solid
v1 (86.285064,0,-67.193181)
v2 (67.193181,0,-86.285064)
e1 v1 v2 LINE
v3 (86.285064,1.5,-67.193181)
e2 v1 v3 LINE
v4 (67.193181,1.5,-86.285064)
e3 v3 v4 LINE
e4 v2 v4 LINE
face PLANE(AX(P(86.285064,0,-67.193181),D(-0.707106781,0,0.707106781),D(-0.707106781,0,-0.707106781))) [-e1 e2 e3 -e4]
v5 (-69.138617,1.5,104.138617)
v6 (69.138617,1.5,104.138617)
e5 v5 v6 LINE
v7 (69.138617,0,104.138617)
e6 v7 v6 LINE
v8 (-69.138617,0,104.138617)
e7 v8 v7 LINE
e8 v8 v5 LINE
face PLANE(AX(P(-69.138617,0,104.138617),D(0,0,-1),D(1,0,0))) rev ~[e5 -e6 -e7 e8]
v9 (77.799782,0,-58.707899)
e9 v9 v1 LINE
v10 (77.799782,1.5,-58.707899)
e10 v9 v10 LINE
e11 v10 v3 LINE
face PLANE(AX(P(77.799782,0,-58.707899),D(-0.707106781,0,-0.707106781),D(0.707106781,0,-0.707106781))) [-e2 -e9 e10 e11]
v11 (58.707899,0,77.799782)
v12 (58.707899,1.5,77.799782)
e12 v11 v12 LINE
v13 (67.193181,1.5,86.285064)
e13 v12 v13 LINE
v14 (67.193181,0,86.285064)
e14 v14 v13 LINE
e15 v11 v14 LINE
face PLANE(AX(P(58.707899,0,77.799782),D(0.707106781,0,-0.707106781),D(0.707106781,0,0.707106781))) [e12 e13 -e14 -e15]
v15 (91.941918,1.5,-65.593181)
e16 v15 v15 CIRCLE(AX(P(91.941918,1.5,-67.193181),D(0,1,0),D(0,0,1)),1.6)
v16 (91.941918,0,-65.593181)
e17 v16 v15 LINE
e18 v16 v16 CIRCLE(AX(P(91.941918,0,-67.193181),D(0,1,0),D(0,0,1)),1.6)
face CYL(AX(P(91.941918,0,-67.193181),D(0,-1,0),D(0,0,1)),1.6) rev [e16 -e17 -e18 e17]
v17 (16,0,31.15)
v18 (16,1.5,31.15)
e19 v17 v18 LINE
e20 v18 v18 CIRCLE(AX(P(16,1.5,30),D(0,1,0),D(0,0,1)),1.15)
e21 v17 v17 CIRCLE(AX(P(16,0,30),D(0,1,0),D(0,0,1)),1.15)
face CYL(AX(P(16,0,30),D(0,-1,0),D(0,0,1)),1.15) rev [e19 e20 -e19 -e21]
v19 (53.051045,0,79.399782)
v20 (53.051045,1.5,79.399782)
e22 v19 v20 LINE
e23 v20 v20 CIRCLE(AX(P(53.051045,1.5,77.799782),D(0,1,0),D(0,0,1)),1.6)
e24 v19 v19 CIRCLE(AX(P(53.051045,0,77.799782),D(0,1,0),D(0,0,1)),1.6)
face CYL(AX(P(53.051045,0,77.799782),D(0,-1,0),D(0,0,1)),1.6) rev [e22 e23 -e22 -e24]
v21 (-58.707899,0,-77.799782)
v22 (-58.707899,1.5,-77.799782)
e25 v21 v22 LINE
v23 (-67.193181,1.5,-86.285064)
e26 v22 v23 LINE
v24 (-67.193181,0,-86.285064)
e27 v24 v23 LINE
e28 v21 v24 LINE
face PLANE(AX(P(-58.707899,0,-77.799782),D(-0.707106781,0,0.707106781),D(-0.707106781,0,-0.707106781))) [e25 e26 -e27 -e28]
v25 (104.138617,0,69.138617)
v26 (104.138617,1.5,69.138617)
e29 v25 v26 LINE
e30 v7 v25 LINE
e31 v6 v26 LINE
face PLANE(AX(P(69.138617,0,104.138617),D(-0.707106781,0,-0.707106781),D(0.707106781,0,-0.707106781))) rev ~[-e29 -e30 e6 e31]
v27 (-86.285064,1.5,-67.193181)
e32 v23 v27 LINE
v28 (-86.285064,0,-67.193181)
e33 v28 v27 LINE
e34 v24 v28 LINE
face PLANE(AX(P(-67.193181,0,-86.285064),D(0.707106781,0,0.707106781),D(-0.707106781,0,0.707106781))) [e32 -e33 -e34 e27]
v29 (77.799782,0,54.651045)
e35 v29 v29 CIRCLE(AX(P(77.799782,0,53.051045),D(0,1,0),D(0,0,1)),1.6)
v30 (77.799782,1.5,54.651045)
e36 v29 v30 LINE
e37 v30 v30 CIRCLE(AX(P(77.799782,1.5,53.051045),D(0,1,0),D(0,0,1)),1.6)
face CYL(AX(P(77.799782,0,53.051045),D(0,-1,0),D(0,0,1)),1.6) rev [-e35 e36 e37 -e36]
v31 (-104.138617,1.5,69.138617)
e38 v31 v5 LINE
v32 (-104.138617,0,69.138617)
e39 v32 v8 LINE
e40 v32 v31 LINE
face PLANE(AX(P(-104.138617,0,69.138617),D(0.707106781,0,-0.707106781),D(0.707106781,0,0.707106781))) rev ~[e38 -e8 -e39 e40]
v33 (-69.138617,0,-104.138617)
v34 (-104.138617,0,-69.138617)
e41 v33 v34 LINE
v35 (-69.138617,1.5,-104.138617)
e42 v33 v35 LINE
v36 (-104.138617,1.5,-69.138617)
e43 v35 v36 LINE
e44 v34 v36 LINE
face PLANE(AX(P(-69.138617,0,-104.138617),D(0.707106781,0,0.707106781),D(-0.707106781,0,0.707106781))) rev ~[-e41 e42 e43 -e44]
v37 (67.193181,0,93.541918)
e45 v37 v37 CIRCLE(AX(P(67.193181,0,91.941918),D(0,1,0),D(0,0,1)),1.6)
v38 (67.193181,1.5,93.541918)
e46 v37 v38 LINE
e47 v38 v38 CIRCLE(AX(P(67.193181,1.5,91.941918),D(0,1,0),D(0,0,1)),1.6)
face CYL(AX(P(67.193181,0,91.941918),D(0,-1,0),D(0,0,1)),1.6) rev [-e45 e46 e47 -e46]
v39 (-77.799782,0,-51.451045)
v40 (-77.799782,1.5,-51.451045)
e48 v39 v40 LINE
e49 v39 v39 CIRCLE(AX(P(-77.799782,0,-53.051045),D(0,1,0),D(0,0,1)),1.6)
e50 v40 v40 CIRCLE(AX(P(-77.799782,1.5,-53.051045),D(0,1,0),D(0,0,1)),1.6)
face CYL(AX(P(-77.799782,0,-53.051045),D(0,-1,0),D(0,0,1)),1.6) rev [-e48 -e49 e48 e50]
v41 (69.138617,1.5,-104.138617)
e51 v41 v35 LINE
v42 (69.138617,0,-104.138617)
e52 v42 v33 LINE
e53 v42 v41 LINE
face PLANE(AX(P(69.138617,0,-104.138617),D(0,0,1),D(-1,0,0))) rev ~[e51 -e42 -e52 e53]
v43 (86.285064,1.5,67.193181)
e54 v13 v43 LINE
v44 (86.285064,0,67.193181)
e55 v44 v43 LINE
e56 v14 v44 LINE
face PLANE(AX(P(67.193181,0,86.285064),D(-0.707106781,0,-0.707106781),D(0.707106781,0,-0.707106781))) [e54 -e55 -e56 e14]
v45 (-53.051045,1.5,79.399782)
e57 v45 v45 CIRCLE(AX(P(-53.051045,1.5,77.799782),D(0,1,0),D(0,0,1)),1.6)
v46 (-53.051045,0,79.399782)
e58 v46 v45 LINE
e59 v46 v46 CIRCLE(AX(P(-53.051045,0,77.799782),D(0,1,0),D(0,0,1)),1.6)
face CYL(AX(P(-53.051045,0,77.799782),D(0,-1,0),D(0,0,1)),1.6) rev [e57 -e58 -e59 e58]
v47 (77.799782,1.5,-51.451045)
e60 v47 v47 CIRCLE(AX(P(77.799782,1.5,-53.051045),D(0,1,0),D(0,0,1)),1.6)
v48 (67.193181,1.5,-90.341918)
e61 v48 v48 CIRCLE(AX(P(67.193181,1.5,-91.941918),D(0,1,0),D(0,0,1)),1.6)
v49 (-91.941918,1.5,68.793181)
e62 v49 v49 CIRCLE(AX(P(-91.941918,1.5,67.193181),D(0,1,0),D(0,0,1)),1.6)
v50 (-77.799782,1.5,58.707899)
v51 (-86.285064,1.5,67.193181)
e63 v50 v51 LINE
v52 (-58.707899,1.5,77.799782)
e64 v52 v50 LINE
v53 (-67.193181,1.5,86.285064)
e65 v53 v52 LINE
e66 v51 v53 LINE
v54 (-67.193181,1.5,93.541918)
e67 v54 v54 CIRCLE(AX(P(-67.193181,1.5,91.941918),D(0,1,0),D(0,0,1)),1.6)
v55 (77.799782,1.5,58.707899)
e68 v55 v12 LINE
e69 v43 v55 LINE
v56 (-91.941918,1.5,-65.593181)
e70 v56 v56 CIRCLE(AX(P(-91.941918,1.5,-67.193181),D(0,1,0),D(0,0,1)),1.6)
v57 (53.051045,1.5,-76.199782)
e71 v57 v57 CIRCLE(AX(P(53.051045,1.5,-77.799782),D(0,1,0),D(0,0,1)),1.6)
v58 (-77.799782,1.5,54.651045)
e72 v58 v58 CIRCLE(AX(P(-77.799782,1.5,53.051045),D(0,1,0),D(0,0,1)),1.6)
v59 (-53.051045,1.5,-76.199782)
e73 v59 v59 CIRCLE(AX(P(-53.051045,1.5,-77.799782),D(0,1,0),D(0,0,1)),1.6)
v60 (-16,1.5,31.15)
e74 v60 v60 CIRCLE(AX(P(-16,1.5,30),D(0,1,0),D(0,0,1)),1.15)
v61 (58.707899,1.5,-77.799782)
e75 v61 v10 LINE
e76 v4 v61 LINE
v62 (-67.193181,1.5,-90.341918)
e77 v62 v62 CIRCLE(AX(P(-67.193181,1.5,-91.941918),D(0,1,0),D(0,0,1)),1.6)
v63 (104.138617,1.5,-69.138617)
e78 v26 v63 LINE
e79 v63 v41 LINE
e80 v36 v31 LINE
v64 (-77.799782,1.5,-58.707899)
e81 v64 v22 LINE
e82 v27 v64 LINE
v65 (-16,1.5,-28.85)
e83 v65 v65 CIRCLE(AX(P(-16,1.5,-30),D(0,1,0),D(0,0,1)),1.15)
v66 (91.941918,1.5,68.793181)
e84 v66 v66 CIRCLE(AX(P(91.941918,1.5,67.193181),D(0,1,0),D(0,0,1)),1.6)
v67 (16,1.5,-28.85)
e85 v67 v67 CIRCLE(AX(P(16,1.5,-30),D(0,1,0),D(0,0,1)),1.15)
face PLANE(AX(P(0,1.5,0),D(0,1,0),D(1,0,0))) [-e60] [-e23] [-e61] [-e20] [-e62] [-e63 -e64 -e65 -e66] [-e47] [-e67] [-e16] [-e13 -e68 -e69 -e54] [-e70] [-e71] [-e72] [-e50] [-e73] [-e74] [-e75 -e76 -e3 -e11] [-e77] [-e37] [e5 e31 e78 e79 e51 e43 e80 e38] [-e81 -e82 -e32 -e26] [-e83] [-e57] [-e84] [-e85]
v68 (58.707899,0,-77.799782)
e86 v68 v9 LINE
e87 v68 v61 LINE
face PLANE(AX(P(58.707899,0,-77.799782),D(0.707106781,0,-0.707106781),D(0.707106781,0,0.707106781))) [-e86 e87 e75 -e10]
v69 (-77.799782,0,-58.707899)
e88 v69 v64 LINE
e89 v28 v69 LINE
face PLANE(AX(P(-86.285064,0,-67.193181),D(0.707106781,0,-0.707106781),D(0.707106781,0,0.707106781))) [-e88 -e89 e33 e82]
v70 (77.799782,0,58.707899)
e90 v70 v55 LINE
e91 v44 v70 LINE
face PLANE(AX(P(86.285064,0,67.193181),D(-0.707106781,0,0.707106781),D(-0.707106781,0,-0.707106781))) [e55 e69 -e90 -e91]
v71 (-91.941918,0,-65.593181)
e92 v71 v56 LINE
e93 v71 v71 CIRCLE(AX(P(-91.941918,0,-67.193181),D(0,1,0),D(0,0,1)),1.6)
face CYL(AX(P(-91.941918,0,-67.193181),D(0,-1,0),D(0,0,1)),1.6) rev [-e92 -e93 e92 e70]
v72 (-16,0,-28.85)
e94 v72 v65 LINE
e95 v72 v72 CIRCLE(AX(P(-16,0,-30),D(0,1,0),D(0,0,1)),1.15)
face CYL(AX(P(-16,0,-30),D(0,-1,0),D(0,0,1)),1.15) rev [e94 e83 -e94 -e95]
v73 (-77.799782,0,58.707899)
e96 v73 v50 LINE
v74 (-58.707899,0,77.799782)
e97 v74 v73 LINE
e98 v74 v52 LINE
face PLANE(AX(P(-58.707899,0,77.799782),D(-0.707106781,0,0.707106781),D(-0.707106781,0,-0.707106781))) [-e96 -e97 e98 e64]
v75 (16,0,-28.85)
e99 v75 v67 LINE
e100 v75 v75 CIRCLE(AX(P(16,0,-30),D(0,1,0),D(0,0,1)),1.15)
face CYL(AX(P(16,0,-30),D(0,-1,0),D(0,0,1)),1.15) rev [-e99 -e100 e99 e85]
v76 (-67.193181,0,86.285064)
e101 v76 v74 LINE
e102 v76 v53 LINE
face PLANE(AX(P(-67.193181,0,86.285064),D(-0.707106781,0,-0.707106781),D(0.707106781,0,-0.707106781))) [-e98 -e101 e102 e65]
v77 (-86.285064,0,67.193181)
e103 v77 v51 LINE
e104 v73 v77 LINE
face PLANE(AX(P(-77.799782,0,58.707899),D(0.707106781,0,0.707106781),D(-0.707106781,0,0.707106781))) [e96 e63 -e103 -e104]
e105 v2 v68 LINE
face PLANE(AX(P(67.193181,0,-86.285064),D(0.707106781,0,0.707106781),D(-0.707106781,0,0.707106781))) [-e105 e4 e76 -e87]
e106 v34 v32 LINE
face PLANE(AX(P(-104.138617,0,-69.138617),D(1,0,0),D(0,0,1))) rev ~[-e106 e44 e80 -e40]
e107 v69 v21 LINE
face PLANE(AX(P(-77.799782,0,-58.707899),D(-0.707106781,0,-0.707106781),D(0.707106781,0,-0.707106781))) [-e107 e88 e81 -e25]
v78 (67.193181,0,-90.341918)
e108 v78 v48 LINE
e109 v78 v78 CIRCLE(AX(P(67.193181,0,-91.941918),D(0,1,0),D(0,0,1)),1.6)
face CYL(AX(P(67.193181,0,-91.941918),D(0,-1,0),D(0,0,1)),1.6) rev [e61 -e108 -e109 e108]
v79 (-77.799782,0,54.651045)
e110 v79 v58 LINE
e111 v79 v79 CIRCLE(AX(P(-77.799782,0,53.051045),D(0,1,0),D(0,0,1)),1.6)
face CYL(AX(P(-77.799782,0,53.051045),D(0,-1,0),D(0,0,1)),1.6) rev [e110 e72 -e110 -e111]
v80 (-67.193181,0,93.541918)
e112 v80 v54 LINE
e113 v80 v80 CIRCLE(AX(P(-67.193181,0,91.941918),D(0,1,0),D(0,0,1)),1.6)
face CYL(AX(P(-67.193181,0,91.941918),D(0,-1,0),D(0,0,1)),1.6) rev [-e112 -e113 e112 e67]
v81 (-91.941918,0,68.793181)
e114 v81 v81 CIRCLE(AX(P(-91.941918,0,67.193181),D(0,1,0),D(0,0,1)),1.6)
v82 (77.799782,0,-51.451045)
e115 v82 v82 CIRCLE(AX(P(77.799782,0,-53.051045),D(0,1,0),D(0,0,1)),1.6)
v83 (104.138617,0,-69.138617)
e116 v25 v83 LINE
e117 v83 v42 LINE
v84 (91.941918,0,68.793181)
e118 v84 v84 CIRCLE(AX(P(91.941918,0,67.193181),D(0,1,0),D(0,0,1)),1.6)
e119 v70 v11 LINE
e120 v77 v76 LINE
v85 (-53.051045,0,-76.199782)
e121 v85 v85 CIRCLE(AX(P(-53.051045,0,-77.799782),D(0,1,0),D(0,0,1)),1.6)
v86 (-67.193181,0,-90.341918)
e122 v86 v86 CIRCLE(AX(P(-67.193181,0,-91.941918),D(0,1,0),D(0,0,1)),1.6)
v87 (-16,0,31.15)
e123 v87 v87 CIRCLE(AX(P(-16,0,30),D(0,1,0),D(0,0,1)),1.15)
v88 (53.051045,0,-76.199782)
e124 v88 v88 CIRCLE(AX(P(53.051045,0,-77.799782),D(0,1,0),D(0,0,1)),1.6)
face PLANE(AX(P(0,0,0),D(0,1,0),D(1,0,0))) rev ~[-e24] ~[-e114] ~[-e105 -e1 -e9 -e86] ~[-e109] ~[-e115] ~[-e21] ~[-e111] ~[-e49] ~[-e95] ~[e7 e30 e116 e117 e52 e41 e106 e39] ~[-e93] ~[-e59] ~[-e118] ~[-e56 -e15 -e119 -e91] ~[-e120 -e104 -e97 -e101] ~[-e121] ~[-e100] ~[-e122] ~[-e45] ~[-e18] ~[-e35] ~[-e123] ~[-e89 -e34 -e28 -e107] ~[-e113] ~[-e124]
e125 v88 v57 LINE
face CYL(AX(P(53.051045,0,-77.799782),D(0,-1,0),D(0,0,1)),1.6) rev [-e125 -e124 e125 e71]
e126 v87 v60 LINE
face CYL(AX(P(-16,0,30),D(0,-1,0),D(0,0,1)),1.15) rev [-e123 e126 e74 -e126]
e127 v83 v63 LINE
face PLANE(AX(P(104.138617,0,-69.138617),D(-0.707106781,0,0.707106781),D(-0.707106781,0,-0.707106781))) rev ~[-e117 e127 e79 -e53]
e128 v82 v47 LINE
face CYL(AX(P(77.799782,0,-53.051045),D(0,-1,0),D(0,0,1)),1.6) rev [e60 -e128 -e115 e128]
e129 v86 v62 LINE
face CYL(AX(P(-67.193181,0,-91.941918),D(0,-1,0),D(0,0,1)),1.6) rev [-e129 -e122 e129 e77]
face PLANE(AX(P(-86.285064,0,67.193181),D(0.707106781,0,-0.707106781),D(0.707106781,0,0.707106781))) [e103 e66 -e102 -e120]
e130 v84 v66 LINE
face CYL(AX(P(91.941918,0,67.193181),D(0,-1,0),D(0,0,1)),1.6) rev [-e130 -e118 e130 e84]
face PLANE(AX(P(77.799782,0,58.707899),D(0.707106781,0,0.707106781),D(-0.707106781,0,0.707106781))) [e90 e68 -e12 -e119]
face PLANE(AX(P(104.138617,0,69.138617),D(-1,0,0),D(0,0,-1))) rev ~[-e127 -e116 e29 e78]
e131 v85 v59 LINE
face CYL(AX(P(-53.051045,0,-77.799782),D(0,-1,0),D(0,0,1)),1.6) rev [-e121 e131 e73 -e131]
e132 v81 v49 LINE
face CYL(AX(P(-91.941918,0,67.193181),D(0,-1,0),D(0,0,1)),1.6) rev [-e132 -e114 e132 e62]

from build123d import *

# Parameters (mm, degrees)
SKETCH2_R           = 1.6
SKETCH2_R_2         = 1.15
BOSS_EXTRUDE1_DEPTH = 1.5


with BuildPart() as part:
    # Sketch2 → Boss-Extrude1 (new body)
    with BuildSketch(Plane(origin=(0, 0, 0), x_dir=(1, 0, 0), z_dir=(0, 1, 0))):
        Polygon((104.138617256, -69.138617256), (104.138617256, 69.138617256), (69.138617256, 104.138617256), (-69.138617256, 104.138617256), (-104.138617256, 69.138617256), (-104.138617256, -69.138617256), (-69.138617256, -104.138617256), (69.138617256, -104.138617256), align=None)
        with Locations(Location((67.193180773, -91.941918115, 0), (0, 0, 270))):
            Circle(SKETCH2_R, mode=Mode.SUBTRACT)
        with Locations(Location((53.051045149, -77.799782491, 0), (0, 0, 270))):
            Circle(SKETCH2_R, mode=Mode.SUBTRACT)
        with Locations(Location((77.799782491, -53.051045149, 0), (0, 0, 270))):
            Circle(SKETCH2_R, mode=Mode.SUBTRACT)
        with Locations(Location((91.941918115, -67.193180773, 0), (0, 0, 270))):
            Circle(SKETCH2_R, mode=Mode.SUBTRACT)
        with Locations(Location((-67.193180773, -91.941918115, 0), (0, 0, 270))):
            Circle(SKETCH2_R, mode=Mode.SUBTRACT)
        with Locations(Location((-91.941918115, -67.193180773, 0), (0, 0, 270))):
            Circle(SKETCH2_R, mode=Mode.SUBTRACT)
        with Locations(Location((-77.799782491, -53.051045149, 0), (0, 0, 270))):
            Circle(SKETCH2_R, mode=Mode.SUBTRACT)
        with Locations(Location((-53.051045149, -77.799782491, 0), (0, 0, 270))):
            Circle(SKETCH2_R, mode=Mode.SUBTRACT)
        with Locations(Location((-77.799782491, 53.051045149, 0), (0, 0, 270))):
            Circle(SKETCH2_R, mode=Mode.SUBTRACT)
        with Locations(Location((-53.051045149, 77.799782491, 0), (0, 0, 270))):
            Circle(SKETCH2_R, mode=Mode.SUBTRACT)
        with Locations(Location((-67.193180773, 91.941918115, 0), (0, 0, 270))):
            Circle(SKETCH2_R, mode=Mode.SUBTRACT)
        with Locations(Location((-91.941918115, 67.193180773, 0), (0, 0, 270))):
            Circle(SKETCH2_R, mode=Mode.SUBTRACT)
        with Locations(Location((77.799782491, 53.051045149, 0), (0, 0, 270))):
            Circle(SKETCH2_R, mode=Mode.SUBTRACT)
        with Locations(Location((53.051045149, 77.799782491, 0), (0, 0, 270))):
            Circle(SKETCH2_R, mode=Mode.SUBTRACT)
        with Locations(Location((67.193180773, 91.941918115, 0), (0, 0, 270))):
            Circle(SKETCH2_R, mode=Mode.SUBTRACT)
        with Locations(Location((91.941918115, 67.193180773, 0), (0, 0, 270))):
            Circle(SKETCH2_R, mode=Mode.SUBTRACT)
        with Locations(Location((16, 30, 0), (0, 0, 270))):
            Circle(SKETCH2_R_2, mode=Mode.SUBTRACT)
        with Locations(Location((-16, 30, 0), (0, 0, 270))):
            Circle(SKETCH2_R_2, mode=Mode.SUBTRACT)
        with Locations(Location((-16, -30, 0), (0, 0, 270))):
            Circle(SKETCH2_R_2, mode=Mode.SUBTRACT)
        with Locations(Location((16, -30, 0), (0, 0, 270))):
            Circle(SKETCH2_R_2, mode=Mode.SUBTRACT)
        Polygon((86.285063865, -67.193180773), (77.799782491, -58.707899399), (58.707899399, -77.799782491), (67.193180773, -86.285063865), align=None, mode=Mode.SUBTRACT)
        Polygon((-67.193180773, -86.285063865), (-58.707899399, -77.799782491), (-77.799782491, -58.707899399), (-86.285063865, -67.193180773), align=None, mode=Mode.SUBTRACT)
        Polygon((-86.285063865, 67.193180773), (-77.799782491, 58.707899399), (-58.707899399, 77.799782491), (-67.193180773, 86.285063865), align=None, mode=Mode.SUBTRACT)
        Polygon((77.799782491, 58.707899399), (86.285063865, 67.193180773), (67.193180773, 86.285063865), (58.707899399, 77.799782491), align=None, mode=Mode.SUBTRACT)
    extrude(amount=BOSS_EXTRUDE1_DEPTH)


solid = part.part
